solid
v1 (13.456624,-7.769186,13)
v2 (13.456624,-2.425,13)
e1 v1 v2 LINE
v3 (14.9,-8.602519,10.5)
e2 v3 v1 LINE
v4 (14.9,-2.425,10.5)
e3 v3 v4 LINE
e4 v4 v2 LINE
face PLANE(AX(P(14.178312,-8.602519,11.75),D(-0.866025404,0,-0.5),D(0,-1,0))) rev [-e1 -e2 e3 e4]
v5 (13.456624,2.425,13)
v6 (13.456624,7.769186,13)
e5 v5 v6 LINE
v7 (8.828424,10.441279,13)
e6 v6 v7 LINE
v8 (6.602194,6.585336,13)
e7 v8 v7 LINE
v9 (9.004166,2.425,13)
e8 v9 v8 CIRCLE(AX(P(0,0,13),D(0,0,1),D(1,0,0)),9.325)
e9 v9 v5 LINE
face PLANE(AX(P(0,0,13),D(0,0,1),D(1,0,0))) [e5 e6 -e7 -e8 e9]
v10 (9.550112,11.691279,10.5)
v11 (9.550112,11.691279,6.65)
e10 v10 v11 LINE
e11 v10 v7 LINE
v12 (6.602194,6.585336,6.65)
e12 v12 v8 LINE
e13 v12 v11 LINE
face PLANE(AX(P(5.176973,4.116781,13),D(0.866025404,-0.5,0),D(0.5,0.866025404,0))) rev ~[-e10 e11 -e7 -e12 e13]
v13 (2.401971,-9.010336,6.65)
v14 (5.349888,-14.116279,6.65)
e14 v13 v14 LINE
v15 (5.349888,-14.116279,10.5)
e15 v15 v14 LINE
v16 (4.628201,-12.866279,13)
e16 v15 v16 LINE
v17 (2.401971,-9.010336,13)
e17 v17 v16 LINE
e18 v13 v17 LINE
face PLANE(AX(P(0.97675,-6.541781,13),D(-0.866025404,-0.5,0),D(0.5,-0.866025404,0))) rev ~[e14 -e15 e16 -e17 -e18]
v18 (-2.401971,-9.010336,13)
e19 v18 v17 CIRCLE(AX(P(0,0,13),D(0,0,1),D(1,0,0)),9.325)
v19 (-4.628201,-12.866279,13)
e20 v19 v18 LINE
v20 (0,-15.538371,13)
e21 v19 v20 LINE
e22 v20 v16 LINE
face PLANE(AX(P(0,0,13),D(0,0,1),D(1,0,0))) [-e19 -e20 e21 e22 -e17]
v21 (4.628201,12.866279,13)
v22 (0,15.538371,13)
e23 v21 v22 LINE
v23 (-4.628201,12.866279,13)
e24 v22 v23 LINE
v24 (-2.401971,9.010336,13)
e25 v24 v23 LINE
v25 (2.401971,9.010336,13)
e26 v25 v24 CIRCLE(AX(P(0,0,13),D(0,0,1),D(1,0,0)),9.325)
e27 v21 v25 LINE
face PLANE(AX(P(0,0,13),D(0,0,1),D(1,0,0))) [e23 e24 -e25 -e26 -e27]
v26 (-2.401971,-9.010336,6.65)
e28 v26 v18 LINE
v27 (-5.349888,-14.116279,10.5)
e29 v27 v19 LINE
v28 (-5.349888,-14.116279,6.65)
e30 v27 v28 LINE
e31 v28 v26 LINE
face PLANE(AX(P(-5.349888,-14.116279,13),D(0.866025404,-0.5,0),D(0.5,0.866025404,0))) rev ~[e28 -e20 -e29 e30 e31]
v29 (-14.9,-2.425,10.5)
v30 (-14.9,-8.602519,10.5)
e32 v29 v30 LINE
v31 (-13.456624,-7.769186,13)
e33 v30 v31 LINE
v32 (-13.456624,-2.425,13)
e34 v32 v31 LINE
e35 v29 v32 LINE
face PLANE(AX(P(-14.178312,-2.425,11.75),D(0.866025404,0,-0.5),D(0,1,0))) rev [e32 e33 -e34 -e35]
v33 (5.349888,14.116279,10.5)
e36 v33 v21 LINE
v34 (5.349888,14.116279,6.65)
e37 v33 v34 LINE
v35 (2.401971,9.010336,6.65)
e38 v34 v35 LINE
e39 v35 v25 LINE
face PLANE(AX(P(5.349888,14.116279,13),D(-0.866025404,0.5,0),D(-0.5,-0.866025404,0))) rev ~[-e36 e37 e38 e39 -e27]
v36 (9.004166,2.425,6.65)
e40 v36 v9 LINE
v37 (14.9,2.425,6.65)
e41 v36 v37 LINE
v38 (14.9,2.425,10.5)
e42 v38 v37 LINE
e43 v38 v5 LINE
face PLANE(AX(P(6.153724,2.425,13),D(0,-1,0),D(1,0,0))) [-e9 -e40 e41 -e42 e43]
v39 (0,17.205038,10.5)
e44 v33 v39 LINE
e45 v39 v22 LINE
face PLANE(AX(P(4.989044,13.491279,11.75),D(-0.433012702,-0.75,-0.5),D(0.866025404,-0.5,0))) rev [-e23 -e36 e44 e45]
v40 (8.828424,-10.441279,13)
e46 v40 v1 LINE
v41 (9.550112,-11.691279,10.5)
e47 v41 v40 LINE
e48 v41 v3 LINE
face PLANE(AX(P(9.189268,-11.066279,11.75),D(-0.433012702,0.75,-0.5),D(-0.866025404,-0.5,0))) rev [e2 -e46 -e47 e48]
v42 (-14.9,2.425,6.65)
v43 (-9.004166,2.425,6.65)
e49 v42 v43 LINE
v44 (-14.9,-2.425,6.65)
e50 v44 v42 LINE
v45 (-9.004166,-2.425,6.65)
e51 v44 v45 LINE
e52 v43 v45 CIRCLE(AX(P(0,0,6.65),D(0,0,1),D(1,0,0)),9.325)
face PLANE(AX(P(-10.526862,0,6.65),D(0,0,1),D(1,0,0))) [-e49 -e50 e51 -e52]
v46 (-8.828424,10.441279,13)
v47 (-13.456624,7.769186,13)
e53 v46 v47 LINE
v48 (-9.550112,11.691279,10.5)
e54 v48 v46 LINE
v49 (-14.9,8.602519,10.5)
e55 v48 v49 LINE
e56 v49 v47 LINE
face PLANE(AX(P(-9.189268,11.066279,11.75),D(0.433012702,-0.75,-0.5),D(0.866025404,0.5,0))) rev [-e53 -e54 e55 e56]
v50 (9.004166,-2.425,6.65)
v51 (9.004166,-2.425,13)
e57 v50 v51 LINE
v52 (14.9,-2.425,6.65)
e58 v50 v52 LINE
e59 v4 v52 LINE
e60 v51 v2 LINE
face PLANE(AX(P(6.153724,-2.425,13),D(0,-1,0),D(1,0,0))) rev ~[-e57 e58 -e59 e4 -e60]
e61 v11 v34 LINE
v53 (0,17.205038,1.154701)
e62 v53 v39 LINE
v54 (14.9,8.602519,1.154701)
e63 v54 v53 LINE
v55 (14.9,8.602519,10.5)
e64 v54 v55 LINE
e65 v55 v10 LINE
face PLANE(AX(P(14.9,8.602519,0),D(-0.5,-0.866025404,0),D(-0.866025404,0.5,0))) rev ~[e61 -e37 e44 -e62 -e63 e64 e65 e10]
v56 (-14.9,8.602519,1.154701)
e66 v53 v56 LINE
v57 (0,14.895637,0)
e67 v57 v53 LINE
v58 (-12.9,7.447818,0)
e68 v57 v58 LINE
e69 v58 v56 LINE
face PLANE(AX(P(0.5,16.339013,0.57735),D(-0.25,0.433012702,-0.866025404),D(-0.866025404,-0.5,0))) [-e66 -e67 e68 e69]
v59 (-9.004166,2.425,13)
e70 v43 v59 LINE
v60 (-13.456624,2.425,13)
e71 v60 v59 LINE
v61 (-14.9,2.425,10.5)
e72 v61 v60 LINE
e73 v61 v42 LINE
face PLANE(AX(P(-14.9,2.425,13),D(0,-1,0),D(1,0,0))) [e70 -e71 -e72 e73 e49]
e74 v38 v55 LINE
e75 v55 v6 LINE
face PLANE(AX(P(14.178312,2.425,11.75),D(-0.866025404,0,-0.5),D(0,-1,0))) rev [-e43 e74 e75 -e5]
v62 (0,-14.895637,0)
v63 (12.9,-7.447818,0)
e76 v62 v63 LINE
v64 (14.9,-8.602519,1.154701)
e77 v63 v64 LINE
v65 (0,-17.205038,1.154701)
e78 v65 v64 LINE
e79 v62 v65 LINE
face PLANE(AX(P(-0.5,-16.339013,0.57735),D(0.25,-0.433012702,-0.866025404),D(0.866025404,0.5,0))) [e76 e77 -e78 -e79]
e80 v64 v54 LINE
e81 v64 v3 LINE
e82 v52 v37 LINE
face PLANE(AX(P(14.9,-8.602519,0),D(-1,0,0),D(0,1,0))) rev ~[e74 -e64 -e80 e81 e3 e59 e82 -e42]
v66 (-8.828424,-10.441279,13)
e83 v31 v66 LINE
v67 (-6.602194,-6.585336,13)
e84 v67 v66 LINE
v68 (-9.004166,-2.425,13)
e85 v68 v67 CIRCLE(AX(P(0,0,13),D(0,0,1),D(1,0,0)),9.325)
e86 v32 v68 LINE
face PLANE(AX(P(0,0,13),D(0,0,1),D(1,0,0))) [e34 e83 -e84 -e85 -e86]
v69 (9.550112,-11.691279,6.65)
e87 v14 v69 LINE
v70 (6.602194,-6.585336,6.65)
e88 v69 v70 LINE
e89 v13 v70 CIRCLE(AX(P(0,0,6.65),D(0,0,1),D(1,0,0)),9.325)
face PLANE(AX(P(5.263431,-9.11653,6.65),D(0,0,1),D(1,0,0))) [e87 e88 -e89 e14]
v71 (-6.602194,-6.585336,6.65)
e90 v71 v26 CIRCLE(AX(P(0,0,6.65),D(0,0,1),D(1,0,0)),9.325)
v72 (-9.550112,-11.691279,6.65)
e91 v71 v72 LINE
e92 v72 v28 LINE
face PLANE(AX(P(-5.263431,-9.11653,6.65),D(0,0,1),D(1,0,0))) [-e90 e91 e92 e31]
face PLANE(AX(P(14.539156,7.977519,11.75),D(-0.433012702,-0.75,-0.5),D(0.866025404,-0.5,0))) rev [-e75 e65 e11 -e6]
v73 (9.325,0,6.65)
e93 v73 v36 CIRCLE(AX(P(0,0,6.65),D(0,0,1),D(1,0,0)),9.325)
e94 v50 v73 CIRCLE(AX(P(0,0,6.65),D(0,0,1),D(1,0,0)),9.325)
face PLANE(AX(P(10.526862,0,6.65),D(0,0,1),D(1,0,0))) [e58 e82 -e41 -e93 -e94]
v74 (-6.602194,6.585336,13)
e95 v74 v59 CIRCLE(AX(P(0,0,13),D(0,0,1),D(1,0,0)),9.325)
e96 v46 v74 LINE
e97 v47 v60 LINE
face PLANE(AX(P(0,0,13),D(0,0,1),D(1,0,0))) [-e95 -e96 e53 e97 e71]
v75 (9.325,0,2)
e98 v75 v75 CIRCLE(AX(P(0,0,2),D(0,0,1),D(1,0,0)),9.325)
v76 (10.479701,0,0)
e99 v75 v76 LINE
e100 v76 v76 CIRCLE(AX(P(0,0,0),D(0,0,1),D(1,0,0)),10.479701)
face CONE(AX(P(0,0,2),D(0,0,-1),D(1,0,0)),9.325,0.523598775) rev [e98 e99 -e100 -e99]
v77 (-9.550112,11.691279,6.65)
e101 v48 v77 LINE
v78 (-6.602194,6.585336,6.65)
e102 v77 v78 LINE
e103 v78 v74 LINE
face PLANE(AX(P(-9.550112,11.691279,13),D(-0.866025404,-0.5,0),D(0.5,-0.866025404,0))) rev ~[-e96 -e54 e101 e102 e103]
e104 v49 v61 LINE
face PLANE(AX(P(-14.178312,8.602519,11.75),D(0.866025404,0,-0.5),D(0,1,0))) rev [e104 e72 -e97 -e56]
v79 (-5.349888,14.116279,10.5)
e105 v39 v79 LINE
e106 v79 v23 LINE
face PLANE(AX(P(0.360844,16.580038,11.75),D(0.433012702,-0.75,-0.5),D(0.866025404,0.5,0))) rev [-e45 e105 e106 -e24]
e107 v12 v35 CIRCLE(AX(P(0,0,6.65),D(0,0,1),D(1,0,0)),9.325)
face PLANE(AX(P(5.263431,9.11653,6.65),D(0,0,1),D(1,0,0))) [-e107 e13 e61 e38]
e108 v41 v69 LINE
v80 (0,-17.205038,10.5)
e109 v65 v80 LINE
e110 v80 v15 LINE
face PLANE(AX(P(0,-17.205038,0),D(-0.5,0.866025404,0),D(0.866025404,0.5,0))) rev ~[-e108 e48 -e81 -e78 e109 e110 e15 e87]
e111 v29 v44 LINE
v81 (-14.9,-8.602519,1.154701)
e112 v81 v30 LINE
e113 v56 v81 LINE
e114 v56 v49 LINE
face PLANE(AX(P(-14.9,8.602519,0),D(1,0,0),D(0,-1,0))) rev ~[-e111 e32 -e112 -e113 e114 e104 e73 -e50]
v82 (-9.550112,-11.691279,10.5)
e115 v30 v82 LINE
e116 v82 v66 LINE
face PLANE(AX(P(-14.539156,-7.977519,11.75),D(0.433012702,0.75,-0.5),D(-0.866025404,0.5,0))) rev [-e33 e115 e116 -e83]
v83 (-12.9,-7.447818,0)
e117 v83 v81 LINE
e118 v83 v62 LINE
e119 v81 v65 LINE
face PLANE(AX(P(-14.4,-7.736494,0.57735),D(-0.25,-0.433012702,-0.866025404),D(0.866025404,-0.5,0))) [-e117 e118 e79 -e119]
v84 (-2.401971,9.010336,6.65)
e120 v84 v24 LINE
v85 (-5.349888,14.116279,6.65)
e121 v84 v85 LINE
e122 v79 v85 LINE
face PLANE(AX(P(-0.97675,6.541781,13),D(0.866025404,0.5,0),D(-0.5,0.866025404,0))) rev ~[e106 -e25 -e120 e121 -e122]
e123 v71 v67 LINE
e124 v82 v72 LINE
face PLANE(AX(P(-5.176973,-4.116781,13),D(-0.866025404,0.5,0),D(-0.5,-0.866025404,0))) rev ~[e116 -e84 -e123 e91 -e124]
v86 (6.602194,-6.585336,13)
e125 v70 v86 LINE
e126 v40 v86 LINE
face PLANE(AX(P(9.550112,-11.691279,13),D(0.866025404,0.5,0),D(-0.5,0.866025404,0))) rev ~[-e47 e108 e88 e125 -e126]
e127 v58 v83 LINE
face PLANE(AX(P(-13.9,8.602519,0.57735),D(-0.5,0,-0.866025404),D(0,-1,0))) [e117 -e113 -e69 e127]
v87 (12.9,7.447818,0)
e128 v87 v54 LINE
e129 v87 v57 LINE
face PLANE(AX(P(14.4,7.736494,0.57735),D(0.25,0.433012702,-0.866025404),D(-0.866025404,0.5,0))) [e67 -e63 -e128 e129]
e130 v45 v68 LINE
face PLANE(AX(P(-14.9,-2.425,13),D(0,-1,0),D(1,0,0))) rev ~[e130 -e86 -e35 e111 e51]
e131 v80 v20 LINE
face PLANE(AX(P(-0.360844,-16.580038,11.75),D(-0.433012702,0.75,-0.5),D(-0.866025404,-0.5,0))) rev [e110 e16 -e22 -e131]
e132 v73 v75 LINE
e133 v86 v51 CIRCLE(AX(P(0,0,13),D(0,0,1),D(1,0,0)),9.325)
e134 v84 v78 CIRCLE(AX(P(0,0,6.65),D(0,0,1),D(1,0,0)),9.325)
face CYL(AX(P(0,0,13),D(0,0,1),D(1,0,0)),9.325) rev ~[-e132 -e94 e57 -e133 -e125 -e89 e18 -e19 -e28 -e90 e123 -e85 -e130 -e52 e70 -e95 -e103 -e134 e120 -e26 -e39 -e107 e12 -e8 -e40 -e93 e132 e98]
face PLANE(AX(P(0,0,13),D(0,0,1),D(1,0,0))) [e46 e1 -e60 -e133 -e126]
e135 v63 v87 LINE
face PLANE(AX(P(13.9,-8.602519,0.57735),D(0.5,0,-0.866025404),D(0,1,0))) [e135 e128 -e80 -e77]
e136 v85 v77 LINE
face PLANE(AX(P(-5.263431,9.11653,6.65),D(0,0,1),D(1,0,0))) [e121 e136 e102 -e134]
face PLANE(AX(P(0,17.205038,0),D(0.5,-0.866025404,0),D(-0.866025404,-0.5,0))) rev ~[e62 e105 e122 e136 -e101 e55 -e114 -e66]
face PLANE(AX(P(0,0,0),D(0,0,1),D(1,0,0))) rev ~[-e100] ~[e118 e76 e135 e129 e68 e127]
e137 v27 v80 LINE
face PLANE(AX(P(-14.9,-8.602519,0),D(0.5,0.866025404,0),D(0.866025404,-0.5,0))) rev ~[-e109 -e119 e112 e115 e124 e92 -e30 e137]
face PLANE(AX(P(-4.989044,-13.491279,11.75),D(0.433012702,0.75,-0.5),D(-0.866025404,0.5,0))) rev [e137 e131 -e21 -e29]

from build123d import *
from OCP.BRepFilletAPI import BRepFilletAPI_MakeChamfer

# Parameters (mm, degrees)
RESSALTO_EXTRUS_O2_DEPTH = 13
ESBO_O3_R                = 9.325
CORTE_EXTRUS_O1_DEPTH    = 27.211129951
ESBO_O4_W                = 8.746276247
ESBO_O4_H                = 4.85
CORTE_EXTRUS_O2_DEPTH    = 6.35
CHANFRO1_SIZE            = 2.5
CHANFRO1_SIZE2           = 1.443375673
CHANFRO2_SIZE            = 2
CHANFRO2_SIZE2           = 1.154700538
CHANFRO3_SIZE            = 2
CHANFRO3_SIZE2           = 1.154700538


with BuildPart() as part:
    # Esboço1 → Ressalto-extrusão2 (new body)
    with BuildSketch(Plane.XY):
        Polygon((0, 17.205038022), (-14.9, 8.602519011), (-14.9, -8.602519011), (0, -17.205038022), (14.9, -8.602519011), (14.9, 8.602519011), align=None)
    extrude(amount=RESSALTO_EXTRUS_O2_DEPTH)

    # Esboço3 → Corte-extrusão1 (cut, through all)
    with BuildSketch(Plane.XY.offset(13)):
        Circle(ESBO_O3_R)
    extrude(amount=-CORTE_EXTRUS_O1_DEPTH, mode=Mode.SUBTRACT)

    # Esboço4 → Corte-extrusão2 (cut)
    with BuildSketch(Plane.XY.offset(13)):
        with Locations((-10.526861876, 0)):
            Rectangle(ESBO_O4_W, ESBO_O4_H)
        Polygon((-5.349888396, 14.116278516), (-9.550111604, 11.691278516), (-5.176973481, 4.116781098), (-0.976750273, 6.541781098), align=None)
        Polygon((9.550111604, 11.691278516), (5.349888396, 14.116278516), (0.976750273, 6.541781098), (5.176973481, 4.116781098), align=None)
        with Locations((10.526861876, 0)):
            Rectangle(ESBO_O4_W, ESBO_O4_H)
        Polygon((5.349888396, -14.116278516), (9.550111604, -11.691278516), (5.176973481, -4.116781098), (0.976750273, -6.541781098), align=None)
        Polygon((-9.550111604, -11.691278516), (-5.349888396, -14.116278516), (-0.976750273, -6.541781098), (-5.176973481, -4.116781098), align=None)
    extrude(amount=-CORTE_EXTRUS_O2_DEPTH, mode=Mode.SUBTRACT)

    # Chanfro1: one chamfer whose edges measure the first distance from different faces: ONE call of the kernel's chamfer builder (chamfer() names one face for all edges)
    chanfro1_edges_1 = [part.edges().sort_by_distance(p)[0] for p in [
        (-14.9, 5.513759505, 13),
        (-14.9, -5.513759505, 13),
    ]]
    chanfro1_side_1 = [part.faces().sort_by_distance(p)[0] for p in [
        (-14.9, 0, 5.969058161),
    ]]
    chanfro1_edges_2 = [part.edges().sort_by_distance(p)[0] for p in [
        (-2.674944198, -15.660658269, 13),
        (-12.225055802, -10.146898764, 13),
    ]]
    chanfro1_side_2 = [part.faces().sort_by_distance(p)[0] for p in [
        (-7.45, -12.903778516, 5.969058161),
    ]]
    chanfro1_edges_3 = [part.edges().sort_by_distance(p)[0] for p in [
        (2.674944198, -15.660658269, 13),
        (12.225055802, -10.146898764, 13),
    ]]
    chanfro1_side_3 = [part.faces().sort_by_distance(p)[0] for p in [
        (7.45, -12.903778516, 5.969058161),
    ]]
    chanfro1_edges_4 = [part.edges().sort_by_distance(p)[0] for p in [
        (14.9, -5.513759505, 13),
        (14.9, 5.513759505, 13),
    ]]
    chanfro1_side_4 = [part.faces().sort_by_distance(p)[0] for p in [
        (14.9, 0, 5.969058161),
    ]]
    chanfro1_edges_5 = [part.edges().sort_by_distance(p)[0] for p in [
        (12.225055802, 10.146898764, 13),
        (2.674944198, 15.660658269, 13),
    ]]
    chanfro1_side_5 = [part.faces().sort_by_distance(p)[0] for p in [
        (7.45, 12.903778516, 5.969058161),
    ]]
    chanfro1_edges_6 = [part.edges().sort_by_distance(p)[0] for p in [
        (-12.225055802, 10.146898764, 13),
        (-2.674944198, 15.660658269, 13),
    ]]
    chanfro1_side_6 = [part.faces().sort_by_distance(p)[0] for p in [
        (-7.45, 12.903778516, 5.969058161),
    ]]
    chanfro1 = BRepFilletAPI_MakeChamfer(part.part.solid().wrapped)
    for e in chanfro1_edges_1:
        chanfro1.Add(CHANFRO1_SIZE, CHANFRO1_SIZE2, e.wrapped, chanfro1_side_1[0].wrapped)  # the first distance lies on this face
    for e in chanfro1_edges_2:
        chanfro1.Add(CHANFRO1_SIZE, CHANFRO1_SIZE2, e.wrapped, chanfro1_side_2[0].wrapped)  # the first distance lies on this face
    for e in chanfro1_edges_3:
        chanfro1.Add(CHANFRO1_SIZE, CHANFRO1_SIZE2, e.wrapped, chanfro1_side_3[0].wrapped)  # the first distance lies on this face
    for e in chanfro1_edges_4:
        chanfro1.Add(CHANFRO1_SIZE, CHANFRO1_SIZE2, e.wrapped, chanfro1_side_4[0].wrapped)  # the first distance lies on this face
    for e in chanfro1_edges_5:
        chanfro1.Add(CHANFRO1_SIZE, CHANFRO1_SIZE2, e.wrapped, chanfro1_side_5[0].wrapped)  # the first distance lies on this face
    for e in chanfro1_edges_6:
        chanfro1.Add(CHANFRO1_SIZE, CHANFRO1_SIZE2, e.wrapped, chanfro1_side_6[0].wrapped)  # the first distance lies on this face
    add(Compound.cast(chanfro1.Shape()), mode=Mode.REPLACE)

    # Chanfro2
    chanfro2_edges = [part.edges().sort_by_distance(p)[0] for p in [
        (-9.325, 0, 0),
    ]]
    chanfro2_side = [part.faces().sort_by_distance(p)[0] for p in [
        (-9.325, 0, 6.5),
    ]]
    chamfer(chanfro2_edges, length=CHANFRO2_SIZE, length2=CHANFRO2_SIZE2, reference=chanfro2_side[0])

    # Chanfro3
    chanfro3_edges = [part.edges().sort_by_distance(p)[0] for p in [
        (14.9, 0, 0),
        (7.45, -12.903778516, 0),
        (-7.45, -12.903778516, 0),
        (-14.9, 0, 0),
        (-7.45, 12.903778516, 0),
        (7.45, 12.903778516, 0),
    ]]
    chanfro3_side = [part.faces().sort_by_distance(p)[0] for p in [
        (-10.934903057, 0, 0),
    ]]
    chamfer(chanfro3_edges, length=CHANFRO3_SIZE, length2=CHANFRO3_SIZE2, reference=chanfro3_side[0])


solid = part.part
